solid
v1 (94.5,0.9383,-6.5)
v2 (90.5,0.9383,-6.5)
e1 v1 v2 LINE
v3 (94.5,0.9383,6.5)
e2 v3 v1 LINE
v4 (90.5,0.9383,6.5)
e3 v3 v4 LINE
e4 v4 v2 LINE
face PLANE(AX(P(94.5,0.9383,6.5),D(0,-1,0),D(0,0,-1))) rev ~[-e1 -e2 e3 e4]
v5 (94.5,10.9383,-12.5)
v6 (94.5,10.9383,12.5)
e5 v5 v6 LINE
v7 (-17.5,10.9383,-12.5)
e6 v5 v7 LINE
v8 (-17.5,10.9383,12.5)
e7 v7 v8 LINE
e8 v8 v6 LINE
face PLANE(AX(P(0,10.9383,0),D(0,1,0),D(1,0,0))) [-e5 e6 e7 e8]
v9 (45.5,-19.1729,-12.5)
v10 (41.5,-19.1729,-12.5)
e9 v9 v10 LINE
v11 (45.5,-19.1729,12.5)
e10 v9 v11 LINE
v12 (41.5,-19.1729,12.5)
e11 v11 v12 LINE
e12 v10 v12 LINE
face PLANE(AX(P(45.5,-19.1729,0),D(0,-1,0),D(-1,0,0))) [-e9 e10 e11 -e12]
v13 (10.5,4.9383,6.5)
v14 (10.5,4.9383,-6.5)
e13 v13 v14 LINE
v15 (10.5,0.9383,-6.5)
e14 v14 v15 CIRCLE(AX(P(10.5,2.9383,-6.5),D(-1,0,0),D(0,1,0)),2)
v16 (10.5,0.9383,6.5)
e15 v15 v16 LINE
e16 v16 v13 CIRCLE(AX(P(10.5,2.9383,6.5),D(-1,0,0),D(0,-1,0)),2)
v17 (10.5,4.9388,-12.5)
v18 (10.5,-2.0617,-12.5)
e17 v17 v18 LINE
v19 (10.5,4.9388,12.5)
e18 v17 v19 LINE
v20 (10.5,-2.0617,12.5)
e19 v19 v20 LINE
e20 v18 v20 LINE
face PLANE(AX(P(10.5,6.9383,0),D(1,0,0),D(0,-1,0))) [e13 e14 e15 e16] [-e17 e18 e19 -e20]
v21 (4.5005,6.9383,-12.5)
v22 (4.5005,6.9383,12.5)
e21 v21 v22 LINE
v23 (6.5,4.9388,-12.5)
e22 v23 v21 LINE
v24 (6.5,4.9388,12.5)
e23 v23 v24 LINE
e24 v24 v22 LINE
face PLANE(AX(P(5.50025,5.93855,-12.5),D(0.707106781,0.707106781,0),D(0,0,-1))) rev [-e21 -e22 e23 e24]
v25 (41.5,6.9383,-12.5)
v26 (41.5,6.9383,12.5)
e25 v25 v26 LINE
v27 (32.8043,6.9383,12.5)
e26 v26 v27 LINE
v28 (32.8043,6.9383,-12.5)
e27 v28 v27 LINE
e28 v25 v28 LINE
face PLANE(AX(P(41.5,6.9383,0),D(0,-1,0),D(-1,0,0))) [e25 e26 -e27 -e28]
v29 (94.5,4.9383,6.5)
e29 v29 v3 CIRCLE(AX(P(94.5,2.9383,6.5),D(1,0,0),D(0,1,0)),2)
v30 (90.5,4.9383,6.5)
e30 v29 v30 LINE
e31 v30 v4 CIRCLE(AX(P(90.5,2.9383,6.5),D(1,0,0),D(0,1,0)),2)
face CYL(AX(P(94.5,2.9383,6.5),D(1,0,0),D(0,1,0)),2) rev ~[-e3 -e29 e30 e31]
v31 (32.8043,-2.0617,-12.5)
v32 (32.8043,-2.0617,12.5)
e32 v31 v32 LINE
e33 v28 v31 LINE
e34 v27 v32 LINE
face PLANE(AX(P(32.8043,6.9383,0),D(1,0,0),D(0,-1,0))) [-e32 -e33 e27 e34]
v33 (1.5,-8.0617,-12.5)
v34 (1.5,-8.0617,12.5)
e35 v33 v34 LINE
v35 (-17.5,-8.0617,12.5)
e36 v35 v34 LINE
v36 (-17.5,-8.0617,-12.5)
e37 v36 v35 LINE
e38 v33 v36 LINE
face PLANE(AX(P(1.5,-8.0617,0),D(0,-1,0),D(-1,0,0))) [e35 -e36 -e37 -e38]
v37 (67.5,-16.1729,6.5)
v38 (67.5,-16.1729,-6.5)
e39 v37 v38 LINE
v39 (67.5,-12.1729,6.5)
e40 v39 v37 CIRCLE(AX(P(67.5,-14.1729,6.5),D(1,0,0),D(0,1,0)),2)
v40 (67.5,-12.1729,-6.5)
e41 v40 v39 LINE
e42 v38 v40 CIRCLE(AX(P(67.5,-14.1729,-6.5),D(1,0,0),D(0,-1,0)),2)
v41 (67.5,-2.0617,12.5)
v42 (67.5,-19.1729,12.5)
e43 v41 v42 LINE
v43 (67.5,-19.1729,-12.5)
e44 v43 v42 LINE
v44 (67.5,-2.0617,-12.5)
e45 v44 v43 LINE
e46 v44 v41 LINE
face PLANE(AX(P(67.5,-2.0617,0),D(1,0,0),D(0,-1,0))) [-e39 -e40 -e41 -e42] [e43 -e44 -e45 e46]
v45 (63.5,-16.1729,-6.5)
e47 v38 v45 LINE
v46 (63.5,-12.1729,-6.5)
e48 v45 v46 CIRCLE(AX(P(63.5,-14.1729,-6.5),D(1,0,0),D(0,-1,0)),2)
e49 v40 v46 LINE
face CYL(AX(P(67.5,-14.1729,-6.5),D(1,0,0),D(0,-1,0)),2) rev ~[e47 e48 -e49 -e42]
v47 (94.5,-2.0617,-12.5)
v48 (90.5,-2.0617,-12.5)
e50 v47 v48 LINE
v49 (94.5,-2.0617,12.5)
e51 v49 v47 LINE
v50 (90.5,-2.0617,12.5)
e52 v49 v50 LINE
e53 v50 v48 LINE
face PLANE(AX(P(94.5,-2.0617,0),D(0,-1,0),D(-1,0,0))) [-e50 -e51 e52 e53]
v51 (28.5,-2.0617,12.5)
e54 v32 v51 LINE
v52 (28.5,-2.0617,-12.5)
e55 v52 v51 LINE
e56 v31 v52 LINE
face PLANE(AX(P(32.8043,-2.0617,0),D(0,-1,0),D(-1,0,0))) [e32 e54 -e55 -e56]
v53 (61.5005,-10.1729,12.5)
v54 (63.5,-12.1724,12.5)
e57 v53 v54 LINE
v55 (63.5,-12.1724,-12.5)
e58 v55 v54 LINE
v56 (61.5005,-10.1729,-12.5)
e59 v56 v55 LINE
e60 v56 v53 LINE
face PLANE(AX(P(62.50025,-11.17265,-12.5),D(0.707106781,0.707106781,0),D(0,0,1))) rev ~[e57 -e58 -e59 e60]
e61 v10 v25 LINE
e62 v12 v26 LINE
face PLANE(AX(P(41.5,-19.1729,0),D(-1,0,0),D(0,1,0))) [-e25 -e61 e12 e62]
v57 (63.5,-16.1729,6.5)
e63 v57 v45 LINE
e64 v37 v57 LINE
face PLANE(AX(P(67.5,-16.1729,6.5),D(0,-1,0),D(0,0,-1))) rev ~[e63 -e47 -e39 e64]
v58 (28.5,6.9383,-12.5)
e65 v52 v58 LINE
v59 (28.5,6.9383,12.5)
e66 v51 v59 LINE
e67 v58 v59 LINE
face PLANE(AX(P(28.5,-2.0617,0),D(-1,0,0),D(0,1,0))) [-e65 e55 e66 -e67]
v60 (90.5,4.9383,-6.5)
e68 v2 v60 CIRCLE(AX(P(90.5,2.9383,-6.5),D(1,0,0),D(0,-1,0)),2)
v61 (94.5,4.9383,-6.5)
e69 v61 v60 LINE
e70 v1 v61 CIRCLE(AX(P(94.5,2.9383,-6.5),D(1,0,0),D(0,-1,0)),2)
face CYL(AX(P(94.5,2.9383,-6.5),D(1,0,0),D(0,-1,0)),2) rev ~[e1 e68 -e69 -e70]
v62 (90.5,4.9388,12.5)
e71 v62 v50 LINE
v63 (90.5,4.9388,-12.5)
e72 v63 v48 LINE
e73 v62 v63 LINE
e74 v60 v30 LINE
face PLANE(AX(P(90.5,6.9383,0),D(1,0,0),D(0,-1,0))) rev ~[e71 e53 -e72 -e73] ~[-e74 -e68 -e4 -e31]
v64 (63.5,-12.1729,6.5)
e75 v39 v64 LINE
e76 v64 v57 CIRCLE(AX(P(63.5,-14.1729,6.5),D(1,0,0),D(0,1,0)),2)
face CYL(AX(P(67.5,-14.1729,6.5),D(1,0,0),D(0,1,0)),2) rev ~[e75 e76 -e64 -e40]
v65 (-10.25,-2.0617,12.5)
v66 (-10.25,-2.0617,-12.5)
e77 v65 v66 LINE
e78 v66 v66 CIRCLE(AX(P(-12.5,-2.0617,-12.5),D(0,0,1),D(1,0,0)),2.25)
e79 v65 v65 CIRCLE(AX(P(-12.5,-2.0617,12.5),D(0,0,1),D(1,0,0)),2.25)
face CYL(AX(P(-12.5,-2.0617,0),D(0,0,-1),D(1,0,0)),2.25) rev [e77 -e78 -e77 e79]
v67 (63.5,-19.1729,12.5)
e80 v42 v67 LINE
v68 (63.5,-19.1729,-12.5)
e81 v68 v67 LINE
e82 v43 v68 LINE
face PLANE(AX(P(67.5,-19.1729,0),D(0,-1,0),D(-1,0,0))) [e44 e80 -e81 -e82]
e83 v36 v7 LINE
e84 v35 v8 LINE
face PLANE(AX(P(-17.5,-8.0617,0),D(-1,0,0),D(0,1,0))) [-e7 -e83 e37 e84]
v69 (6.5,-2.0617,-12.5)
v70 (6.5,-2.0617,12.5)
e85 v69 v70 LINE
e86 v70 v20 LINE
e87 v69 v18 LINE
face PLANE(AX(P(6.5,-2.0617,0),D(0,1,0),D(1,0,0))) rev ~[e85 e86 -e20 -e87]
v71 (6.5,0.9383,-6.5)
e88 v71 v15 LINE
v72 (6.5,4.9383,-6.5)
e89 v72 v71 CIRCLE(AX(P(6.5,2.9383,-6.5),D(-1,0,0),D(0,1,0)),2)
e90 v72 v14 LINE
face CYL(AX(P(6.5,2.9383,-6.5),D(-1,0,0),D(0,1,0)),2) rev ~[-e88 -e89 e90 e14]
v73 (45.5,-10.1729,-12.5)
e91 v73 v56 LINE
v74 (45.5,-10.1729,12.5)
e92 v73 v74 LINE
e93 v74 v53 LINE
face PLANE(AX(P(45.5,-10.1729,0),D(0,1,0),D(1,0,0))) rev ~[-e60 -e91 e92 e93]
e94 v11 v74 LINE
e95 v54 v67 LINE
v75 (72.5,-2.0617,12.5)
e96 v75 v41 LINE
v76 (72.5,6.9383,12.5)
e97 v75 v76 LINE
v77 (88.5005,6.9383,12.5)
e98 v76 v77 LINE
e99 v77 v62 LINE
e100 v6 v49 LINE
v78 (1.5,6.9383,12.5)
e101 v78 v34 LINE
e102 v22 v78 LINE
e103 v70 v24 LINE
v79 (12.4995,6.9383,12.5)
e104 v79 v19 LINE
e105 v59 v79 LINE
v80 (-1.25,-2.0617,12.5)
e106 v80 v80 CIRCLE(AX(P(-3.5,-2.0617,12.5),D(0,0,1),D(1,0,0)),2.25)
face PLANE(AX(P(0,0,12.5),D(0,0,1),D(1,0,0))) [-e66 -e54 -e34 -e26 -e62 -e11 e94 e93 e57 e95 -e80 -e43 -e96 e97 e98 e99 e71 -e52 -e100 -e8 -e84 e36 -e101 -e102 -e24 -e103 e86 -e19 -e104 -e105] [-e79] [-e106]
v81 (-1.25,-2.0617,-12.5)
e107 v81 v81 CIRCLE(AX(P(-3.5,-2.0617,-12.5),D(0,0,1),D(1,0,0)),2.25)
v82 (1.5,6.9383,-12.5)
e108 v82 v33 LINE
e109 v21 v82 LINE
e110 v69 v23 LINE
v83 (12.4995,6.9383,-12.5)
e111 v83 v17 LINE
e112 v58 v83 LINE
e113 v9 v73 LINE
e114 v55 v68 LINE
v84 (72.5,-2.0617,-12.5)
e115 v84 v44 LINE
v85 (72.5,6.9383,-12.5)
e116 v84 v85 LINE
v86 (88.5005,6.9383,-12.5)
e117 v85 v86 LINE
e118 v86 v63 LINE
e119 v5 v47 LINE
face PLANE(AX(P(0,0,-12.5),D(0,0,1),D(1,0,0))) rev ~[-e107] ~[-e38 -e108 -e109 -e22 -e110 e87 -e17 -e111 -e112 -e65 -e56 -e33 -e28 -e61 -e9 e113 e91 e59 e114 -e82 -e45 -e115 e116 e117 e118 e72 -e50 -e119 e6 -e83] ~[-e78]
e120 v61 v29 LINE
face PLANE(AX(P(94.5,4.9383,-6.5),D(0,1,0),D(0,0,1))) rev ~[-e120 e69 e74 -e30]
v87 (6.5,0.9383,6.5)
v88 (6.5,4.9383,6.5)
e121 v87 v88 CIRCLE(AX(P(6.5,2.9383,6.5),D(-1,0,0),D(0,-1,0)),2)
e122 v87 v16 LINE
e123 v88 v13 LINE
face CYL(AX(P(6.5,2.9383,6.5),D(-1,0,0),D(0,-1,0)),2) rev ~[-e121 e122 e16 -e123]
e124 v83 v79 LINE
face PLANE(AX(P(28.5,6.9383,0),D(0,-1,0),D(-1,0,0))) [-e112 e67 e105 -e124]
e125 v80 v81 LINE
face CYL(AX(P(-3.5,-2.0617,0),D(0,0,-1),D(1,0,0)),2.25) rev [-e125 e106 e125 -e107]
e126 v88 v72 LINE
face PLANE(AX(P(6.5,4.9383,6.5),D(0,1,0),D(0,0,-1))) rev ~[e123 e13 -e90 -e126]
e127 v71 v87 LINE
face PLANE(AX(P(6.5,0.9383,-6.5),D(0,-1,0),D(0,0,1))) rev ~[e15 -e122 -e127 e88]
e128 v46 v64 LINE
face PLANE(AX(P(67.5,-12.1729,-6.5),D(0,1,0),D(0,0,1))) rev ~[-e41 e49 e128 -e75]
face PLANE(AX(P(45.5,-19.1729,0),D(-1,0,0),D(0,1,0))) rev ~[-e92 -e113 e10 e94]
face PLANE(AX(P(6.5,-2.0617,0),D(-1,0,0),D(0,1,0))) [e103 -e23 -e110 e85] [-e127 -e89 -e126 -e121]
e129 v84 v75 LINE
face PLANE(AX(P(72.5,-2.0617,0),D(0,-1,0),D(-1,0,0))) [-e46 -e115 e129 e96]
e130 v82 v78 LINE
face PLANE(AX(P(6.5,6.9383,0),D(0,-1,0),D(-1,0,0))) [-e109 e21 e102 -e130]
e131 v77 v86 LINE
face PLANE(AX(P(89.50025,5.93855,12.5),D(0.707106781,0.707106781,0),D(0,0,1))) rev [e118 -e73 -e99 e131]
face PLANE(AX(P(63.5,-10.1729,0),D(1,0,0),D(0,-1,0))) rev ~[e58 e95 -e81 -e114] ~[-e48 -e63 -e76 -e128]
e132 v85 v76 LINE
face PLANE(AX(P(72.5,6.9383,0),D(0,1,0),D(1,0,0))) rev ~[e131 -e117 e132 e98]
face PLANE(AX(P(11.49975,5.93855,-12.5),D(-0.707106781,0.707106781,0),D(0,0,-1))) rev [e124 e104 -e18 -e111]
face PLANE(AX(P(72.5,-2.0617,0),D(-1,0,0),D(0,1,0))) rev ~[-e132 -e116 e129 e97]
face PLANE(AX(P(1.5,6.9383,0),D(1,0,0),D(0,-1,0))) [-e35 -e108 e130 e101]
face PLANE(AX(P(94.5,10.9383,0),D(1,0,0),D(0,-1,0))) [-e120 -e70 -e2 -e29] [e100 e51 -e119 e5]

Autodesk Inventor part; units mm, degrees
ref_plane "YZ Plane" through (0, 0, 0) normal (1, 0, 0) x (0, 1, 0)
sketch "スケッチ1" plane through (0, 0, 0) normal (0, 0, 1) x (1, 0, 0)
  line L0 (94.5, 10.9383) -> (94.5, -2.0617)
  line L1 (67.5, -2.0617) -> (67.5, -19.1729)
  line L2 (45.5, -19.1729) -> (45.5, -10.1729)
  line L3 (45.5, -10.1729) -> (63.5, -10.1729)
  line L4 (63.5, -10.1729) -> (63.5, -19.1729)
  line L5 (67.5, -19.1729) -> (63.5, -19.1729)
  line L6 (45.5, -19.1729) -> (41.5, -19.1729)
  line L7 (72.5, -2.0617) -> (72.5, 6.9383)
  line L8 (72.5, 6.9383) -> (90.5, 6.9383)
  line L9 (90.5, 6.9383) -> (90.5, -2.0617)
  line L10 (45.5, -19.1729) -> (55.5, -19.1729) construction
  line L11 (55.5, -19.1729) -> (55.5, -10.1729) construction
  line L12 (50.5, -19.1729) -> (50.5, 17.1682) construction
  line L13 (28.5, -2.0617) -> (28.5, 6.9383)
  line L14 (28.5, 6.9383) -> (10.5, 6.9383)
  line L15 (10.5, 6.9383) -> (10.5, -2.0617)
  line L16 (-17.5, 10.9383) -> (94.5, 10.9383)
  line L17 (94.5, -2.0617) -> (90.5, -2.0617)
  line L18 (72.5, -2.0617) -> (67.5, -2.0617)
  line L19 (6.5, -2.0617) -> (10.5, -2.0617)
  line L20 (6.5, -2.0617) -> (6.5, 6.9383)
  line L21 (6.5, 6.9383) -> (1.5, 6.9383)
  line L22 (72.5, -2.0617) -> (82.5, -2.0617) construction
  line L23 (82.5, -2.0617) -> (82.5, 6.9383) construction
  line L24 (77.5, -2.0617) -> (77.5, 30.8698) construction
  line L25 (28.5, -2.0617) -> (18.5, -2.0617) construction
  line L26 (18.5, -2.0617) -> (18.5, 6.9383) construction
  line L27 (23.5, -2.0617) -> (23.5, 26.9166) construction
  line L28 (41.5, -19.1729) -> (41.5, 6.9383)
  line L29 (41.5, 6.9383) -> (32.8043, 6.9383)
  line L30 (32.8043, 6.9383) -> (32.8043, -2.0617)
  line L31 (32.8043, -2.0617) -> (28.5, -2.0617)
  line L32 (68.5, 6.9383) -> (45.5, 6.9383)
  line L33 (45.5, 6.9383) -> (45.5, -6.1729)
  line L34 (45.5, -6.1729) -> (60.5869, -6.1729)
  line L35 (60.5869, -6.1729) -> (68.5, 1.7403)
  line L36 (68.5, 1.7403) -> (68.5, 6.9383)
  line L37 (0, -29.1814) -> (0, 40.8784) projected
  line L38 (1.5, 6.9383) -> (1.5, -8.0617)
  line L39 (1.5, -8.0617) -> (-17.5, -8.0617)
  line L40 (-17.5, -8.0617) -> (-17.5, 10.9383)
  circle A0 centre (-12.5, -2.0617) radius 2.25
  circle A1 centre (-3.5, -2.0617) radius 2.25
  line L41 (-12.5, -2.0617) -> (-3.5, -2.0617) construction
  point P0 (0, 0)
  point P1 (68.5, 4.3393)
  point P2 (68.5, 4.4383)
  dimension "d5" = 4
  dimension "d10" = 18
  dimension "d14" = 18
  dimension "d16" = 10
  dimension "d19" = 9
  dimension "d23" = 4
  dimension "d40" = 4
  dimension "d41" = 9
  dimension "d42" = 10
  dimension "d43" = 10
  dimension "d74" = 4
  dimension "d89" = 4
  dimension "d90" = 135
  dimension "d91" = 4
  dimension "d92" = 4
  dimension "d93" = 4
  dimension "d94" = 4
  dimension "d104" = 5
  dimension "d105" = 19
  dimension "d107" = 4.5
  dimension "d108" = 4.5
  dimension "d109" = 9
  dimension "d110" = 5
  dimension "d111" = 6
  dimension "d112" = 19
extrude "押し出し1" add sketch "スケッチ1" along normal mid plane 25 contours L0 L17 L9 L8 L7 L18 L1 L5 L4 L3 L2 L6 L28 L29 L30 L31 L13 L14 L15 L19 L20 L21 L38 L39 L37 L16 | L37 L39 L40 L16 | L36 L35 L34 L33 L32
sketch "スケッチ2" plane through (67.5, -19.1729, 12.5) normal (1, 0, 0) x (0, 0, -1)
  line L0 (6, 3) -> (19, 3)
  arc A0 (19, 3) -> (19, 7) centre (19, 5) ccw
  line L1 (19, 7) -> (6, 7)
  arc A1 (6, 7) -> (6, 3) centre (6, 5) ccw
  line L2 (25, 0) -> (0, 0) projected
  line L3 (25, 17.1112) -> (25, 0) projected
  line L4 (0, 0) -> (0, 17.1112) projected
  point P0 (12.5, 19.1729)
  point P1 (25, 13)
  point P2 (0, 13)
  dimension "d24" = 4
  dimension "d25" = 3
  dimension "d26" = 6
  dimension "d27" = 6
extrude "押し出し2" cut sketch "スケッチ2" against normal up to surface (4 mm away)
chamfer "面取り1" distance 2 angle 45 1 edges at (63.5, -10.1729, 0)
sketch "スケッチ4" plane through (94.5, -2.0617, 12.5) normal (1, 0, 0) x (0, 0, -1)
  line L0 (6, 3) -> (19, 3)
  arc A0 (19, 3) -> (19, 7) centre (19, 5) ccw
  line L1 (19, 7) -> (6, 7)
  arc A1 (6, 7) -> (6, 3) centre (6, 5) ccw
  line L2 (25, 13) -> (25, 0) projected
  line L3 (0, 0) -> (0, 13) projected
  line L4 (25, 0) -> (0, 0) projected
  point P0 (12.5, 2.0617)
  dimension "d45" = 4
  dimension "d46" = 6
  dimension "d47" = 6
  dimension "d48" = 3
extrude "押し出し3" cut sketch "スケッチ4" against normal up to surface (4 mm away)
sketch "スケッチ5" plane through (6.5, -2.0617, 12.5) normal (-1, 0, 0) x (0, 0, 1)
  line L0 (-19, 3) -> (-6, 3) projected
  line L1 (-19, 3) -> (-6, 3)
  arc A0 (-6, 3) -> (-6, 7) centre (-6, 5) ccw
  line L2 (-6, 7) -> (-19, 7) projected
  line L3 (-6, 7) -> (-19, 7)
  arc A1 (-19, 7) -> (-19, 3) centre (-19, 5) ccw
  point P0 (-12.5, 2.0617)
  point P1 (-6, 7)
extrude "押し出し4" cut sketch "スケッチ5" against normal up to surface (4 mm away)
chamfer "面取り4" distance 2 angle 45 3 edges at (90.5, 6.9383, 0) (10.5, 6.9383, 0) (6.5, 6.9383, 0)
ref_plane "作業平面1" through (0, 0, 1.5) normal (0, 0, 1) x (1, 0, 0)
ref_plane "作業平面2" through (0, 0, 0.1) normal (0, 0, 1) x (1, 0, 0)
properties part number "adapter_ver.1"
